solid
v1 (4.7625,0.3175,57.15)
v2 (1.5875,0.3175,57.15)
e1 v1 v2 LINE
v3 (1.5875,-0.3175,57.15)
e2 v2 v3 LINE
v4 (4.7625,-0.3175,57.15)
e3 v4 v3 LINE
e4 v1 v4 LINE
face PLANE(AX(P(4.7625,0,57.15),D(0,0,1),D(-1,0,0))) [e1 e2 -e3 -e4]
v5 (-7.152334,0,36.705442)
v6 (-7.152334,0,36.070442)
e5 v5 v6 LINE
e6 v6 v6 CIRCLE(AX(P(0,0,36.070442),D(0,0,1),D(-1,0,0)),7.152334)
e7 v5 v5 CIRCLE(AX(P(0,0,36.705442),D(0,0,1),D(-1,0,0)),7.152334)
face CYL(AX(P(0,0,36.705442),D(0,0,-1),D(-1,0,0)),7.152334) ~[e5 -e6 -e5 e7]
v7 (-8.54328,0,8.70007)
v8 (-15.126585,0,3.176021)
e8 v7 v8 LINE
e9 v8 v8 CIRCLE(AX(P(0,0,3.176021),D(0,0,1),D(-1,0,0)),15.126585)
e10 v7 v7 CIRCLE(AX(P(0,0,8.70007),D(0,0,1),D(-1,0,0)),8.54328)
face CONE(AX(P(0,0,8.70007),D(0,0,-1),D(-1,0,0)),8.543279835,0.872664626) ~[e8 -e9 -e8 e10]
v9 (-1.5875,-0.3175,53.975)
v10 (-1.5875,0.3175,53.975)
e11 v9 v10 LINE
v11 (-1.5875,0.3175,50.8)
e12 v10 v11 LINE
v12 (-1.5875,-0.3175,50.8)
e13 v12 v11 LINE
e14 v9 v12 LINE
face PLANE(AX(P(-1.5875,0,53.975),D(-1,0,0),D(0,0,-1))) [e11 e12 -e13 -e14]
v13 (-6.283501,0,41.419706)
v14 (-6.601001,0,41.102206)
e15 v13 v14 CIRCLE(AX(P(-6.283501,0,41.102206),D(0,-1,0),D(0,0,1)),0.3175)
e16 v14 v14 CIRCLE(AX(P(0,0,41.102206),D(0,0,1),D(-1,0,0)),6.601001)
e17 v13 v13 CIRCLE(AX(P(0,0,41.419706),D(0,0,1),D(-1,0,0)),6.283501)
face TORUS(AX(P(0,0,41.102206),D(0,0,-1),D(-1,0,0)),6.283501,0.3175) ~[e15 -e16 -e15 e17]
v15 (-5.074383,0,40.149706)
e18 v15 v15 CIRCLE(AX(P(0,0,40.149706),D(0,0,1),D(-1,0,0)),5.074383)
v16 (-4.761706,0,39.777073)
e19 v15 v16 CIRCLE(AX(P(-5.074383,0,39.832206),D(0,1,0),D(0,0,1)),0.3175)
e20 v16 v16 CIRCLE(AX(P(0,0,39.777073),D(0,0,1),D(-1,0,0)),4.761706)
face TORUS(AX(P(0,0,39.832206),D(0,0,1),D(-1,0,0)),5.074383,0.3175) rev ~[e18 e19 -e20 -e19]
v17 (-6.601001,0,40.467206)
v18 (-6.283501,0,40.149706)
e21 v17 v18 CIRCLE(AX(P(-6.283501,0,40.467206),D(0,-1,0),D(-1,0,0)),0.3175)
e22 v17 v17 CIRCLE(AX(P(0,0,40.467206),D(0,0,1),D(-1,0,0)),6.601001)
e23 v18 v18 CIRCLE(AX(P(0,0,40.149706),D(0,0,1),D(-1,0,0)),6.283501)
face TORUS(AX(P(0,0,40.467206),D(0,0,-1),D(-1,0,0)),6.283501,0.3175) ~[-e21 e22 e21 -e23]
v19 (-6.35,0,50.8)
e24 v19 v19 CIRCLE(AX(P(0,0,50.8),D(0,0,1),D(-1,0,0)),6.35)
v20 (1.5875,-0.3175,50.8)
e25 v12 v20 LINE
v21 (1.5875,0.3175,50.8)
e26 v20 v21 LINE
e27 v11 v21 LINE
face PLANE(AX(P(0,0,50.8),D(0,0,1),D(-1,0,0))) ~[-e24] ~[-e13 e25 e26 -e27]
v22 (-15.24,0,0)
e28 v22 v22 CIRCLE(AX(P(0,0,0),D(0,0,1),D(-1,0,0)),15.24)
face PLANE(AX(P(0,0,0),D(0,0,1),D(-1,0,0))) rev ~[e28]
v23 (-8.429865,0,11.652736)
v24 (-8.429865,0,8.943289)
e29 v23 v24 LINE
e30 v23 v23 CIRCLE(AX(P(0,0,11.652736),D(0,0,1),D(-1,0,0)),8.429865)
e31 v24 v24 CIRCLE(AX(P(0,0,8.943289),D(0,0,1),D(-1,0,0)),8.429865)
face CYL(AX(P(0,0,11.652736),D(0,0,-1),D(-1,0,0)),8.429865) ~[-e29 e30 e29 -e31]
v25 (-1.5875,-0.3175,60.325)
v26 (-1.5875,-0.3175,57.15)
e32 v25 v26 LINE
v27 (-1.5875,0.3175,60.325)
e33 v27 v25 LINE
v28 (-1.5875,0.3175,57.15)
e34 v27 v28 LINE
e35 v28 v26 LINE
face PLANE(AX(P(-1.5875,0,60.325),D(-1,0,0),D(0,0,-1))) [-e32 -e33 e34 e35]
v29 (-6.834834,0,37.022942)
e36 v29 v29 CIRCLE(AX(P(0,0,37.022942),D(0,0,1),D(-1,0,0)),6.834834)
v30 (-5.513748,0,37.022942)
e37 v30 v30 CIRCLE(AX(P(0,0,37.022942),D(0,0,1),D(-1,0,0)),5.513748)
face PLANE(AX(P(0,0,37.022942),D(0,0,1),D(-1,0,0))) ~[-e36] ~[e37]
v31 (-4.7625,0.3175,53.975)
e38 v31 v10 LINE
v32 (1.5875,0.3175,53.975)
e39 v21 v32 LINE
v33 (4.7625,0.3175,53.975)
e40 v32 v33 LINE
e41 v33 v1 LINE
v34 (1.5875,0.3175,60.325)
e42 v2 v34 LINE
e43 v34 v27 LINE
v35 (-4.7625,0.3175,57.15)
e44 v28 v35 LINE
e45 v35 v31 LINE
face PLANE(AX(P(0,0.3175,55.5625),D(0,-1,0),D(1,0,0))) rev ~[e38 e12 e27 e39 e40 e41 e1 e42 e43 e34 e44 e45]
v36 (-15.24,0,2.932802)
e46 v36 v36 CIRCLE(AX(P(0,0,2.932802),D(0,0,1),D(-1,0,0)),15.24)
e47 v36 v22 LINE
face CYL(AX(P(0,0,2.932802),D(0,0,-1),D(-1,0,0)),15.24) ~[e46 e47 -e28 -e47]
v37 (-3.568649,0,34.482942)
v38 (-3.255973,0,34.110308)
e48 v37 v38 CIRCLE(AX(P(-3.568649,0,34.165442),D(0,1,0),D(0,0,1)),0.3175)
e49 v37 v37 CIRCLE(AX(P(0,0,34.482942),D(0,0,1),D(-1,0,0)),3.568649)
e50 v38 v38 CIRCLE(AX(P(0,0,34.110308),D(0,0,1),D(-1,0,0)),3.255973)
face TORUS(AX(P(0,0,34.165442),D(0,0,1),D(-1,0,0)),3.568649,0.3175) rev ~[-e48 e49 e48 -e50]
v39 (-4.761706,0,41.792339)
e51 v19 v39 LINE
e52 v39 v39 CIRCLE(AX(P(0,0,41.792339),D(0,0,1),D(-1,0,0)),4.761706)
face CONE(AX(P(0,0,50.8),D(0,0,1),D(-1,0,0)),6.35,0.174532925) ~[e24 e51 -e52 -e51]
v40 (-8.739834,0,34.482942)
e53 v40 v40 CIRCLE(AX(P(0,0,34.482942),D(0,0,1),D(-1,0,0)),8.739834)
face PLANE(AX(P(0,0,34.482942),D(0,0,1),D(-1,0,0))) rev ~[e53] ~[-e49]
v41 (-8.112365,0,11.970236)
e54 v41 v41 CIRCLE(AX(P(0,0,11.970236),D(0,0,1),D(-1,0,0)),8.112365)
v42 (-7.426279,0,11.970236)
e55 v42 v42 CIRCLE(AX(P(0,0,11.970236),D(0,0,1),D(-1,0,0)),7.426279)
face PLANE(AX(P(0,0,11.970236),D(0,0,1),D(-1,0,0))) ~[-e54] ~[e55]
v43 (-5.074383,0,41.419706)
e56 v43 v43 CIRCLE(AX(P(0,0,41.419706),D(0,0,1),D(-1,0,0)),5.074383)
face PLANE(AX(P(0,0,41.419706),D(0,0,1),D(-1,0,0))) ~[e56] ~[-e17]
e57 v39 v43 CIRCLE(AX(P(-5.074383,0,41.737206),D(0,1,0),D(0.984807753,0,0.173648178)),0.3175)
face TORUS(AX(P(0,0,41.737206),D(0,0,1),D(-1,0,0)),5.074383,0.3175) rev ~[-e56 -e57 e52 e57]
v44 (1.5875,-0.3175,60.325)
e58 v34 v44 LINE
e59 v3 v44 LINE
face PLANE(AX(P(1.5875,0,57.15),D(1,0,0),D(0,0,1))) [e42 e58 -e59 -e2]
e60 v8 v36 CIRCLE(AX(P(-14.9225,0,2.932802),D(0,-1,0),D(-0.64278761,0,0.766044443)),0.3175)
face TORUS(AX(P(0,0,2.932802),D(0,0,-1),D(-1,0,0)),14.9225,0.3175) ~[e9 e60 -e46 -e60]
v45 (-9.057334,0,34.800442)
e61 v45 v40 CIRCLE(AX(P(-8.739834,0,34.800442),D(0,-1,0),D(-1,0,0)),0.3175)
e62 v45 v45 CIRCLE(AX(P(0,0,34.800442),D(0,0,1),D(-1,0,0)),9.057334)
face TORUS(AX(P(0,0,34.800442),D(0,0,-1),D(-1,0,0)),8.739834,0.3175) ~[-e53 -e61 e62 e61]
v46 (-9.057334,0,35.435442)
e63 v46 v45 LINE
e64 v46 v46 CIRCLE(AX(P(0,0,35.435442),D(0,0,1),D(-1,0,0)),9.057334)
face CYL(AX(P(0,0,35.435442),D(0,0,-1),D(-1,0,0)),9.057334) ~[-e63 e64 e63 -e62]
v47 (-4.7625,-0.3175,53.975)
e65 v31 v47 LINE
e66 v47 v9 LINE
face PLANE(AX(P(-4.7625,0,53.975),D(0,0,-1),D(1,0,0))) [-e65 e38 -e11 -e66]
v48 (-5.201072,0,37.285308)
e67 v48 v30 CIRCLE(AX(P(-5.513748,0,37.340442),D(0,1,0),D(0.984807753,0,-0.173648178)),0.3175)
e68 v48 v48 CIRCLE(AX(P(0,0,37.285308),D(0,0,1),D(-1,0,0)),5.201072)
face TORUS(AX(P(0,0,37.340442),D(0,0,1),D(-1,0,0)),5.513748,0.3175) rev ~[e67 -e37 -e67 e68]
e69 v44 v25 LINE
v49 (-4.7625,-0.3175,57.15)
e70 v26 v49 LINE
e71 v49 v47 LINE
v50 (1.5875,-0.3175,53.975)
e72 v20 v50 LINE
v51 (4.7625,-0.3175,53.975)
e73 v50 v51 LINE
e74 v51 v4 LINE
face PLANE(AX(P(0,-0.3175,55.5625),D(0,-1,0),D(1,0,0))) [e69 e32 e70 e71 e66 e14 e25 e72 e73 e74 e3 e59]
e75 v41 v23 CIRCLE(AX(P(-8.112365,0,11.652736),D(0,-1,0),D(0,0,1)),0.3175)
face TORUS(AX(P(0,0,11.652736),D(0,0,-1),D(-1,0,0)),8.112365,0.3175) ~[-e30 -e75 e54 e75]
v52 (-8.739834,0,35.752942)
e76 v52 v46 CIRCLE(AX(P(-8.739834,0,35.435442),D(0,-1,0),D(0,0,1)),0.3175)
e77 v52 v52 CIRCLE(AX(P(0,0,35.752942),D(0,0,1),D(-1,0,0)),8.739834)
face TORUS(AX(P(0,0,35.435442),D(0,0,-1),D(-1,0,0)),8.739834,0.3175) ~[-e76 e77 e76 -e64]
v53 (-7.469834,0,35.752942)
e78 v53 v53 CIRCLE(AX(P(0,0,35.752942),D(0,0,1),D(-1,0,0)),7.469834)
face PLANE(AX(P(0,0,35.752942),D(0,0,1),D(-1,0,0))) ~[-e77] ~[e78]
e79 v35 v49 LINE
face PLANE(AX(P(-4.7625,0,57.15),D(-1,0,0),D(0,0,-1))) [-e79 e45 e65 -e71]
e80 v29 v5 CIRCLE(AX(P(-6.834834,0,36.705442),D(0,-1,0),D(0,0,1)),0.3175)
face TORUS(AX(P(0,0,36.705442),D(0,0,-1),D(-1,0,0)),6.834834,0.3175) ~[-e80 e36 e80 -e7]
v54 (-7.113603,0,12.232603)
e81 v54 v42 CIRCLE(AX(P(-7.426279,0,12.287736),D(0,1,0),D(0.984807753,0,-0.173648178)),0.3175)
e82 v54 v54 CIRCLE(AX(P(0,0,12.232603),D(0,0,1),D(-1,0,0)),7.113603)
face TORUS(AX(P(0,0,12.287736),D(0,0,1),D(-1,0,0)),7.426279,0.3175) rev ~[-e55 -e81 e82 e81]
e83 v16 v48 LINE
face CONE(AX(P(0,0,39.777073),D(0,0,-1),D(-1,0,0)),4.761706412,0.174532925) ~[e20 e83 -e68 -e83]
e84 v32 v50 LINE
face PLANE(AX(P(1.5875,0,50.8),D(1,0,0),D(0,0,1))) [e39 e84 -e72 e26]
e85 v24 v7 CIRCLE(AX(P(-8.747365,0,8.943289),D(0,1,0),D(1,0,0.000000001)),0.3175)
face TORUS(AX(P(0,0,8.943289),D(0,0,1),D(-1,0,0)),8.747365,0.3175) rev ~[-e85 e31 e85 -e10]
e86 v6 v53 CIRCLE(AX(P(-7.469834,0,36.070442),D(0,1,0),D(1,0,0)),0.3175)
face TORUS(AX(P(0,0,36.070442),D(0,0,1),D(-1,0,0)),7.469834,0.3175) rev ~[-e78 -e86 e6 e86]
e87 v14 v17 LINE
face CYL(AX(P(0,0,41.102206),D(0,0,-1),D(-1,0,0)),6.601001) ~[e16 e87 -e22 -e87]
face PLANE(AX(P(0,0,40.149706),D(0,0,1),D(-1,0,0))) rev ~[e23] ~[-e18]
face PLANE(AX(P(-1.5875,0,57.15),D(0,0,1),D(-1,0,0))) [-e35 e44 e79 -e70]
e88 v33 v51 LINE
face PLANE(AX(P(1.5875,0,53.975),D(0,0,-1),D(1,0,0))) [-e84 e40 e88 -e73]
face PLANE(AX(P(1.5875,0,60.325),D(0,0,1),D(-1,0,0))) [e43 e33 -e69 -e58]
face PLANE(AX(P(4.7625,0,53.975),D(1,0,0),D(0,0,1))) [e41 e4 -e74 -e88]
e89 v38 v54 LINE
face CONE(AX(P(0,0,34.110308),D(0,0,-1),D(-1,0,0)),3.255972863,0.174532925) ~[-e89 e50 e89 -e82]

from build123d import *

# Parameters (mm, degrees)
F3_DEPTH = 0.3175


with BuildPart() as f2:
    # F0 (on Front) → F2 (revolve)
    with BuildSketch(Plane.XZ):
        with BuildLine():
            Line((-15.24, 0), (0, 0))
            Line((0, 0), (0, 50.8))
            Line((0, 50.8), (-6.35, 50.8))
            Line((-6.35, 50.8), (-4.7617064118, 41.792339449))
            ThreePointArc((-4.7617064118, 41.792339449), (-4.8311637627, 41.5331210865), (-5.0743828734, 41.4197061526))
            Line((-5.0743828734, 41.4197061526), (-6.2835011077, 41.4197061526))
            ThreePointArc((-6.2835011077, 41.4197061526), (-6.5080075107, 41.3267125556), (-6.6010011077, 41.1022061526))
            Line((-6.6010011077, 41.1022061526), (-6.6010011077, 40.4672061526))
            ThreePointArc((-6.6010011077, 40.4672061526), (-6.5080075107, 40.2426997495), (-6.2835011077, 40.1497061526))
            Line((-6.2835011077, 40.1497061526), (-5.0743828734, 40.1497061526))
            ThreePointArc((-5.0743828734, 40.1497061526), (-4.8311637627, 40.0362912186), (-4.7617064118, 39.7770728561))
            Line((-4.7617064118, 39.7770728561), (-5.2010717431, 37.2853082403))
            ThreePointArc((-5.2010717431, 37.2853082403), (-5.3096631386, 37.0972224261), (-5.5137482047, 37.0229415367))
            Line((-5.5137482047, 37.0229415367), (-6.8348340718, 37.0229415367))
            ThreePointArc((-6.8348340718, 37.0229415367), (-7.0593404748, 36.9299479398), (-7.1523340718, 36.7054415367))
            Line((-7.1523340718, 36.7054415367), (-7.1523340718, 36.0704415367))
            ThreePointArc((-7.1523340718, 36.0704415367), (-7.2453276688, 35.8459351337), (-7.4698340718, 35.7529415367))
            Line((-7.4698340718, 35.7529415367), (-8.7398340718, 35.7529415367))
            ThreePointArc((-8.7398340718, 35.7529415367), (-8.9643404748, 35.6599479398), (-9.0573340718, 35.4354415367))
            Line((-9.0573340718, 35.4354415367), (-9.0573340718, 34.8004415367))
            ThreePointArc((-9.0573340718, 34.8004415367), (-8.9643404748, 34.5759351337), (-8.7398340718, 34.4829415367))
            Line((-8.7398340718, 34.4829415367), (-3.5686493249, 34.4829415367))
            ThreePointArc((-3.5686493249, 34.4829415367), (-3.3254302142, 34.3695266028), (-3.2559728633, 34.1103082403))
            Line((-3.2559728633, 34.1103082403), (-7.113602572, 12.2326030065))
            ThreePointArc((-7.113602572, 12.2326030065), (-7.2221939675, 12.0445171922), (-7.4262790336, 11.9702363029))
            Line((-7.4262790336, 11.9702363029), (-8.1123649007, 11.9702363029))
            ThreePointArc((-8.1123649007, 11.9702363029), (-8.3368713037, 11.8772427059), (-8.4298649007, 11.6527363029))
            Line((-8.4298649007, 11.6527363029), (-8.4298649007, 8.9432889844))
            ThreePointArc((-8.4298649007, 8.9432889844), (-8.4596121783, 8.8091076862), (-8.5432798346, 8.7000698737))
            Line((-8.5432798346, 8.7000698737), (-15.1265850661, 3.176020882))
            ThreePointArc((-15.1265850661, 3.176020882), (-15.2102527224, 3.0669830694), (-15.24, 2.9328017713))
            Line((-15.24, 2.9328017713), (-15.24, 0))
        make_face()
    revolve(axis=Axis((0, 0, 25.4), (0, 0, 1)))

    # F1 (on Front) → F3 (join, symmetric)
    with BuildSketch(Plane.XZ):
        Polygon((0, 50.8), (1.5875, 50.8), (1.5875, 53.975), (4.7625, 53.975), (4.7625, 57.15), (1.5875, 57.15), (1.5875, 60.325), (-1.5875, 60.325), (-1.5875, 57.15), (-4.7625, 57.15), (-4.7625, 53.975), (-1.5875, 53.975), (-1.5875, 50.8), align=None)
    extrude(amount=F3_DEPTH, both=True)


solid = f2.part
